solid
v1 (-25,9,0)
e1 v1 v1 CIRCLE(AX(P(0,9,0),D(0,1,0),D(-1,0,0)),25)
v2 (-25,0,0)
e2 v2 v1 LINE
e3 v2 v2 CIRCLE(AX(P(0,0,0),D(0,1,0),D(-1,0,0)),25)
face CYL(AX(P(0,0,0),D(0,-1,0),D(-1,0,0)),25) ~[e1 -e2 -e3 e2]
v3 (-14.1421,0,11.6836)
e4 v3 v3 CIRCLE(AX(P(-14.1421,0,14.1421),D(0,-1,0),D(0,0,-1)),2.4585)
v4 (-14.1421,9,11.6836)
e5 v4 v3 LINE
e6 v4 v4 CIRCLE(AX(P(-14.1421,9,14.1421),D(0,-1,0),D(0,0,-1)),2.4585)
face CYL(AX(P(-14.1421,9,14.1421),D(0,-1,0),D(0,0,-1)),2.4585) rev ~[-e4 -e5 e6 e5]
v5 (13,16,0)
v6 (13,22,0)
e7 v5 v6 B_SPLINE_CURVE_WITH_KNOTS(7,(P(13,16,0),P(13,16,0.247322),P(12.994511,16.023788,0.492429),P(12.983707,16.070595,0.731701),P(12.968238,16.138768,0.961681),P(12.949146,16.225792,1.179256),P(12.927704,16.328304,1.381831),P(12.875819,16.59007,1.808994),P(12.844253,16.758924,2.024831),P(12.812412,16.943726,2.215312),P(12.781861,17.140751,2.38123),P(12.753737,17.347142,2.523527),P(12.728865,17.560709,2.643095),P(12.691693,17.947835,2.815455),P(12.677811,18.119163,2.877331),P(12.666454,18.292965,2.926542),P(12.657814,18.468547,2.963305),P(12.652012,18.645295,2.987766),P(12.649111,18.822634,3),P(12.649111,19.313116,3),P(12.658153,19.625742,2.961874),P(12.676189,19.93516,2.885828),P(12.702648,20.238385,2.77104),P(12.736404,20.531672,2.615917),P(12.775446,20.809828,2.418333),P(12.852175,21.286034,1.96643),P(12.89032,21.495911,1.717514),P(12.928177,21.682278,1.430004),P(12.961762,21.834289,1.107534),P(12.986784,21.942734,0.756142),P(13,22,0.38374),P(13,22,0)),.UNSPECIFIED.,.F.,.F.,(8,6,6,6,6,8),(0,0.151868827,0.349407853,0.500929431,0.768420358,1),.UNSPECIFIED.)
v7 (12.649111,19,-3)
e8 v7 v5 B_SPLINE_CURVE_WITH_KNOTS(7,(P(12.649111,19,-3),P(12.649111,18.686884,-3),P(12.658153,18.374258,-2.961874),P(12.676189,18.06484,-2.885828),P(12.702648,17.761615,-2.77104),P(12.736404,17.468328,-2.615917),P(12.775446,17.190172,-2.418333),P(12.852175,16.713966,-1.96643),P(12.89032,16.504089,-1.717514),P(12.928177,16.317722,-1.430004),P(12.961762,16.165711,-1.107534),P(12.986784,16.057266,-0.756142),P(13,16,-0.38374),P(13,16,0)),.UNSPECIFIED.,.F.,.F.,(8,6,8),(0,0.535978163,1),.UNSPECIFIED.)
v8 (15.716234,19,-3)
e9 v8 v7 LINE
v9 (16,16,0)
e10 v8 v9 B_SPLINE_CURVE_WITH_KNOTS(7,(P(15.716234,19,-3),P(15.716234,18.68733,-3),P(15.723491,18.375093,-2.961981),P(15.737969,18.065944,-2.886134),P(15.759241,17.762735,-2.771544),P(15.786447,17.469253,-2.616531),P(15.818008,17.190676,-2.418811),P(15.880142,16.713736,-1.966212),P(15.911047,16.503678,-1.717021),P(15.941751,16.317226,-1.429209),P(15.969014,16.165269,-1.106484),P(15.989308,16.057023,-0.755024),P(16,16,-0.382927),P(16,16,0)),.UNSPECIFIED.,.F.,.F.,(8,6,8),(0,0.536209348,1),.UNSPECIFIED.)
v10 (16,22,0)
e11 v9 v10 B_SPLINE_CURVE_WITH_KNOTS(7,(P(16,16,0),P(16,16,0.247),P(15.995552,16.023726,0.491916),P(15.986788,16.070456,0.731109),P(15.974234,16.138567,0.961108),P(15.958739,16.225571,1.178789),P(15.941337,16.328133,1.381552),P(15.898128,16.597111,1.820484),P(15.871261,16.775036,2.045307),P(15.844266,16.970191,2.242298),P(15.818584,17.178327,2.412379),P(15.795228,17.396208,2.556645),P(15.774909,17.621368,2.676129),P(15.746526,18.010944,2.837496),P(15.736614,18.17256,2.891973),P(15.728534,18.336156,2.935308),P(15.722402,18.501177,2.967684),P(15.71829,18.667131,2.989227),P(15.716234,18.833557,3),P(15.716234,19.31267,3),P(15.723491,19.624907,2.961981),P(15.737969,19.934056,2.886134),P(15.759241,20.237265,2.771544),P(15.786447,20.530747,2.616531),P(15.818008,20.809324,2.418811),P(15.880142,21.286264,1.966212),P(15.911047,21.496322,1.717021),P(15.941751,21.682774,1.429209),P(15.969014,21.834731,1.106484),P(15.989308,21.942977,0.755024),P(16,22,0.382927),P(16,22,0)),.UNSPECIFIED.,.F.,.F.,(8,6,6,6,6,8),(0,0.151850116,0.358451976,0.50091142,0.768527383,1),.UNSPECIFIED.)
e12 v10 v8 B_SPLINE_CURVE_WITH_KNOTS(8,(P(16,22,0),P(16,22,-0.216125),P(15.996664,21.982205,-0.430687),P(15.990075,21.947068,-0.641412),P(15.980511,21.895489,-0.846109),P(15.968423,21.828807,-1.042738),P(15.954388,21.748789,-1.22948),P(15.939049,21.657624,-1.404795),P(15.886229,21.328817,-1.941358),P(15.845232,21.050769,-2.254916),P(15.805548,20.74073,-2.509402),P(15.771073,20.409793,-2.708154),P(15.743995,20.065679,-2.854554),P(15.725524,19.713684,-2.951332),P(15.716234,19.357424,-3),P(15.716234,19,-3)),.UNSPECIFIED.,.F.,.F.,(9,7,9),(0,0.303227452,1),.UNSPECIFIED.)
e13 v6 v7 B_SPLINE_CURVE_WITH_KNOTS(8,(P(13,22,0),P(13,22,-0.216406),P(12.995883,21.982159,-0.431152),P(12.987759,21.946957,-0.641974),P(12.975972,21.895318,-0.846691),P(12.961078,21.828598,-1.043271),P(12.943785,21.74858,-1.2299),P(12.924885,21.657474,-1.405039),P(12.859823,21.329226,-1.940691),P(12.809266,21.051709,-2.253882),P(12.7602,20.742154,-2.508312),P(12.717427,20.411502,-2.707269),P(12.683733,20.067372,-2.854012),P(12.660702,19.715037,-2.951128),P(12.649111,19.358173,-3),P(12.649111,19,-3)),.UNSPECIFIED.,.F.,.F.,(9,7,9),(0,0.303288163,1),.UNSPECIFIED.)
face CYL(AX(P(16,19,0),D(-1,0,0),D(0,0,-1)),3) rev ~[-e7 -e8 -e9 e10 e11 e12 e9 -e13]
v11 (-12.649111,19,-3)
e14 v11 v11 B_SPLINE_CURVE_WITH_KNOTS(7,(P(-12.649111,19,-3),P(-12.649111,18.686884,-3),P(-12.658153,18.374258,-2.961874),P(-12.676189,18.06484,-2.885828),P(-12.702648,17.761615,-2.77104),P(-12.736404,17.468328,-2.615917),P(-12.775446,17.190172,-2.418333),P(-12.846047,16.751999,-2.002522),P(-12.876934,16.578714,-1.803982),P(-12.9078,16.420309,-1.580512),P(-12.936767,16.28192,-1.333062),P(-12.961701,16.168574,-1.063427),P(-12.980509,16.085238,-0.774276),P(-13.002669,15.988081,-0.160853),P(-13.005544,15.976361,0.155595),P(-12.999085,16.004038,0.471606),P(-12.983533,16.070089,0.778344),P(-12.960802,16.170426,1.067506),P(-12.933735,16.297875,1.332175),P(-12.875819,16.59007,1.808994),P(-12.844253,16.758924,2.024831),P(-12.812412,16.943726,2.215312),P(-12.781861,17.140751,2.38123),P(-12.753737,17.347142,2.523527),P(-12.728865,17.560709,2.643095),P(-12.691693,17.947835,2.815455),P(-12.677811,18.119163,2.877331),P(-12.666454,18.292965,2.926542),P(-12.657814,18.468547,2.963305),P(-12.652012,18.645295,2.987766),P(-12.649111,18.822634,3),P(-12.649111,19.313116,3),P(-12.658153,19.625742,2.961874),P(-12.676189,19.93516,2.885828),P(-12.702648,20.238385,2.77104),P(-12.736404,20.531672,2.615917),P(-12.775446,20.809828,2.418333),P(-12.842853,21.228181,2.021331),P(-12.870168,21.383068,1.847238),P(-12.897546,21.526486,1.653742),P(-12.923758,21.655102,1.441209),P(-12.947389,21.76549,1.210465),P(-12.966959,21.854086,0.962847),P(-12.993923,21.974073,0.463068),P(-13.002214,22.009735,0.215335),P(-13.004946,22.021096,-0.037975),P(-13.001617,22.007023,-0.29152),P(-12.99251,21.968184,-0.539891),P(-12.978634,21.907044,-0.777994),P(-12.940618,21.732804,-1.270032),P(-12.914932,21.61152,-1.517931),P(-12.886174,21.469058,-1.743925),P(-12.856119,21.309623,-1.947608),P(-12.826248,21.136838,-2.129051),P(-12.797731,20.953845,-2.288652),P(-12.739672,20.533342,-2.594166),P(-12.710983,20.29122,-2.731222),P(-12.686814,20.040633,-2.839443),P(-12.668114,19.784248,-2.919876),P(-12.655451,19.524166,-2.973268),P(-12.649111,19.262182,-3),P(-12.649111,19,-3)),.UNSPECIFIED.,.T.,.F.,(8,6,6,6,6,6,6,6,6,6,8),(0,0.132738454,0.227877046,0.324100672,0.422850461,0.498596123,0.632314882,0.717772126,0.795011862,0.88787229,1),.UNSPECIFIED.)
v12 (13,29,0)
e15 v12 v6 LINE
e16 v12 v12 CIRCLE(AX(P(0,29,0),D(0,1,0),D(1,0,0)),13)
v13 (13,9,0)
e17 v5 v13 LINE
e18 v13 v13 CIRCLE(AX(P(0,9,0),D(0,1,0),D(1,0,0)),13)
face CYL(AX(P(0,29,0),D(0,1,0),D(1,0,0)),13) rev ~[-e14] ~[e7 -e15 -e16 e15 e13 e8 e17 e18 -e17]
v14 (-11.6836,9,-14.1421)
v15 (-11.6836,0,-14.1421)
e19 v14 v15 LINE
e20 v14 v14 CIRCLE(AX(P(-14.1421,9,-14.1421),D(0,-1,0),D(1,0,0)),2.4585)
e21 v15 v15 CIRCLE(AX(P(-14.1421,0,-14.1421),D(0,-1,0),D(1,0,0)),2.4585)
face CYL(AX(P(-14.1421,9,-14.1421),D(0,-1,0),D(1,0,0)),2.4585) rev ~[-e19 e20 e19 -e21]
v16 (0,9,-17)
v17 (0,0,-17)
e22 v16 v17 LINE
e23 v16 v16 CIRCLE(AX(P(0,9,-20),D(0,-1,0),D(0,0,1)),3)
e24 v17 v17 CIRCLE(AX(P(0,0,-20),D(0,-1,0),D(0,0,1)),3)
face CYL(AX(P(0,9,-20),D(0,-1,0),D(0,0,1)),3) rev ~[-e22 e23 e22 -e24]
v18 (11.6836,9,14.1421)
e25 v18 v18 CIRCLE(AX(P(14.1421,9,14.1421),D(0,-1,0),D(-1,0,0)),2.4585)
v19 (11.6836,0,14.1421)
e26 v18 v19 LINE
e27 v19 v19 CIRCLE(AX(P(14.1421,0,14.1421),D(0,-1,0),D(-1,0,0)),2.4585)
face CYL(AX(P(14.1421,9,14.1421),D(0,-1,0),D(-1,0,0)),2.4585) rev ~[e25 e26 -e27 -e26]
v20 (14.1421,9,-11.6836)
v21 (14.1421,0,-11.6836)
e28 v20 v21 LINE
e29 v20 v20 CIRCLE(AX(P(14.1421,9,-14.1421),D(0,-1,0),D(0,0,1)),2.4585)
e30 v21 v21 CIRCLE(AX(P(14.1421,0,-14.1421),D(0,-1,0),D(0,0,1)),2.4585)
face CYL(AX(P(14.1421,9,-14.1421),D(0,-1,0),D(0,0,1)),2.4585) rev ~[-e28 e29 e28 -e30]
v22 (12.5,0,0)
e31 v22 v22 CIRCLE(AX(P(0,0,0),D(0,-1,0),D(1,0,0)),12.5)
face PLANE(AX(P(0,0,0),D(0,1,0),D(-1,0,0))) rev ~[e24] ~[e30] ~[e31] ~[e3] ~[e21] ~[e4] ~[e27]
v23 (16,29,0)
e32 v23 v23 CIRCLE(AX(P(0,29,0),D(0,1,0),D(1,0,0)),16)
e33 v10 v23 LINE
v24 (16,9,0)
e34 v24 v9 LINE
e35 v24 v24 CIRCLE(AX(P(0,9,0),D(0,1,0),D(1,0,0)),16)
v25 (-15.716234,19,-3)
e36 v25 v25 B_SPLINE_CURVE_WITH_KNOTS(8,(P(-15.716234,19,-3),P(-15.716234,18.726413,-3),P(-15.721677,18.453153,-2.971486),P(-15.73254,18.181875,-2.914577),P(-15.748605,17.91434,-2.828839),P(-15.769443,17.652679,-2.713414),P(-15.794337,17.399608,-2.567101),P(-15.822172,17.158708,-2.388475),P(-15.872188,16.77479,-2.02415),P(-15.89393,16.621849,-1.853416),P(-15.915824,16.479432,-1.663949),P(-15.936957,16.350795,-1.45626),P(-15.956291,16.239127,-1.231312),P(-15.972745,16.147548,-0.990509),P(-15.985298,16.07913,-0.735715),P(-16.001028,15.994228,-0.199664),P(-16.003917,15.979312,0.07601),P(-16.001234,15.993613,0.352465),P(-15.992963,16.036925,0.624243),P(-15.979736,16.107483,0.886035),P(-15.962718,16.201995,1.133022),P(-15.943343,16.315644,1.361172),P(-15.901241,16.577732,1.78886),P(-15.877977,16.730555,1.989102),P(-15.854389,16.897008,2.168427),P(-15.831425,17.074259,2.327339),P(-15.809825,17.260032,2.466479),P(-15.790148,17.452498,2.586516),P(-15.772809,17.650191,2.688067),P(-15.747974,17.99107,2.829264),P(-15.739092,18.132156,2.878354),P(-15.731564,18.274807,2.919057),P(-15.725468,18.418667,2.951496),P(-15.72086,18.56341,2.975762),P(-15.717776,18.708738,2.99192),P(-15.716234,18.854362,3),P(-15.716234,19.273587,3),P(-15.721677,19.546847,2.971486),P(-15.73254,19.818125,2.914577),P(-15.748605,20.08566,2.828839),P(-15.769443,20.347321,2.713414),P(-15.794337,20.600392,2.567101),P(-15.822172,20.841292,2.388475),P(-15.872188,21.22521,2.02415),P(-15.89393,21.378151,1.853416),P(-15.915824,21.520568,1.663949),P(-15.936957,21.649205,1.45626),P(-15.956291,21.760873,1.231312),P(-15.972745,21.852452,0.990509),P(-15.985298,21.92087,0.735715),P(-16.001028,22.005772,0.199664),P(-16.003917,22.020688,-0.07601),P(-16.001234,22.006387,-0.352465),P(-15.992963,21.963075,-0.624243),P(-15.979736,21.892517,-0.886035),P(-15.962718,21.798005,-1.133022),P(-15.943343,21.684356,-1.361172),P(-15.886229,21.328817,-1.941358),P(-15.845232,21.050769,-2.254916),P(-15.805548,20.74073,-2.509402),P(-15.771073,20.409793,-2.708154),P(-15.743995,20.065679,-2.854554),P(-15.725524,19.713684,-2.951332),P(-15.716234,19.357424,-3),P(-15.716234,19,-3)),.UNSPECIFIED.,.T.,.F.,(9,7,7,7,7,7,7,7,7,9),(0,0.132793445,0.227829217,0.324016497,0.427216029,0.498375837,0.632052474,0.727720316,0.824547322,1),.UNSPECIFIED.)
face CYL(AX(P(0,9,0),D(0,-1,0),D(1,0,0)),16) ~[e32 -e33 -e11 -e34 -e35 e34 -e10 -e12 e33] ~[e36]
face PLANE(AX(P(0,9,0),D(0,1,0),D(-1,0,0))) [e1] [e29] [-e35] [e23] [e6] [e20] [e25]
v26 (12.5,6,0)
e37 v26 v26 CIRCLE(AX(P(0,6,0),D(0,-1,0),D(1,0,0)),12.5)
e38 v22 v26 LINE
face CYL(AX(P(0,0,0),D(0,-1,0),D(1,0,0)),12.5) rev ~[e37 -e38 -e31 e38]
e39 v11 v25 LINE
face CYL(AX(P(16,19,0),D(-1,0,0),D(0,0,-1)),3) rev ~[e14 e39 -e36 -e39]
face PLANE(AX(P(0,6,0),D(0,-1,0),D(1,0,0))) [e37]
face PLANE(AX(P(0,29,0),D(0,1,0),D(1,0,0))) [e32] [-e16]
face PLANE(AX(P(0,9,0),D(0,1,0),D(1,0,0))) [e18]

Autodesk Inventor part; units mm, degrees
ref_plane "XZ Plane" through (0, 0, 0) normal (0, 1, 0) x (-1, 0, 0)
ref_plane "XY Plane" through (0, 0, 0) normal (0, 0, 1) x (1, 0, 0)
sketch "Sketch1" plane through (0, 0, 0) normal (0, 1, 0) x (-1, 0, 0)
  circle A0 centre (0, 0) radius 25
  dimension "d0" = 50
extrude "Extrusion1" add sketch "Sketch1" along normal blind 9
sketch "Sketch2" plane through (0, 0, 0) normal (0, -1, 0) x (1, 0, 0)
  circle A0 centre (0, 0) radius 12.5
  dimension "d3" = 25
extrude "Extrusion2" cut sketch "Sketch2" against normal blind 6
sketch "Sketch3" plane through (0, 9, 0) normal (0, 1, 0) x (1, 0, 0)
  circle A0 centre (0, 0) radius 20
  line L0 (0, 35) -> (0, -35) projected
  line L1 (0, 0) -> (14.1421, 14.1421)
  line L2 (-35, 0) -> (35, 0) projected
  point P0 (0, 20)
  dimension "d6" = 40
  dimension "d15" = 45
hole "Hole1" at (0, 9, -20) direction (0, -1, 0) diameter 6 end through all
hole "Hole2" at (14.1421, 9, -14.1421) direction (0, -1, 0) diameter 4.917 end through all thread size "M6x1" class "6H" standard "ISO Metric profile"
pattern_circular "Circular Pattern1" count 4 over 360 about axis through (0, 0, 0) along (0, 1, 0) of "Hole2"
sketch "Sketch8" plane through (0, 9, 0) normal (0, 1, 0) x (1, 0, 0)
  circle A0 centre (0, 0) radius 16
  dimension "d49" = 32
extrude "Extrusion5" add sketch "Sketch8" along normal blind 20
ref_plane "Work Plane1" through (16, 9, 0) normal (1, 0, 0) x (0, 1, 0)
sketch "Sketch15" plane through (16, 9, 0) normal (1, 0, 0) x (0, 1, 0)
  line L0 (0, -16) -> (20, -16) projected
  line L1 (20, -16) -> (20, 16) projected
  line L2 (-14.8, 0) -> (25.8, 0) projected
  point P0 (-9, 0)
  point P1 (10, 0)
  dimension "d60" = 10
  dimension "d61" = 20
hole "Hole4" at (16, 19, 0) direction (-1, 0, 0) diameter 6 end through all
sketch "Sketch16" plane through (0, 29, 0) normal (0, 1, 0) x (1, 0, 0)
  circle A0 centre (0, 0) radius 13
  circle A1 centre (0, 0) radius 16 projected
  dimension "d70" = 3
extrude "Extrusion7" cut sketch "Sketch16" against normal up to surface (20 mm away) contours A0
equation "\"d60\" = 0.5 * d61"
properties part number "Brida para herramienta"
